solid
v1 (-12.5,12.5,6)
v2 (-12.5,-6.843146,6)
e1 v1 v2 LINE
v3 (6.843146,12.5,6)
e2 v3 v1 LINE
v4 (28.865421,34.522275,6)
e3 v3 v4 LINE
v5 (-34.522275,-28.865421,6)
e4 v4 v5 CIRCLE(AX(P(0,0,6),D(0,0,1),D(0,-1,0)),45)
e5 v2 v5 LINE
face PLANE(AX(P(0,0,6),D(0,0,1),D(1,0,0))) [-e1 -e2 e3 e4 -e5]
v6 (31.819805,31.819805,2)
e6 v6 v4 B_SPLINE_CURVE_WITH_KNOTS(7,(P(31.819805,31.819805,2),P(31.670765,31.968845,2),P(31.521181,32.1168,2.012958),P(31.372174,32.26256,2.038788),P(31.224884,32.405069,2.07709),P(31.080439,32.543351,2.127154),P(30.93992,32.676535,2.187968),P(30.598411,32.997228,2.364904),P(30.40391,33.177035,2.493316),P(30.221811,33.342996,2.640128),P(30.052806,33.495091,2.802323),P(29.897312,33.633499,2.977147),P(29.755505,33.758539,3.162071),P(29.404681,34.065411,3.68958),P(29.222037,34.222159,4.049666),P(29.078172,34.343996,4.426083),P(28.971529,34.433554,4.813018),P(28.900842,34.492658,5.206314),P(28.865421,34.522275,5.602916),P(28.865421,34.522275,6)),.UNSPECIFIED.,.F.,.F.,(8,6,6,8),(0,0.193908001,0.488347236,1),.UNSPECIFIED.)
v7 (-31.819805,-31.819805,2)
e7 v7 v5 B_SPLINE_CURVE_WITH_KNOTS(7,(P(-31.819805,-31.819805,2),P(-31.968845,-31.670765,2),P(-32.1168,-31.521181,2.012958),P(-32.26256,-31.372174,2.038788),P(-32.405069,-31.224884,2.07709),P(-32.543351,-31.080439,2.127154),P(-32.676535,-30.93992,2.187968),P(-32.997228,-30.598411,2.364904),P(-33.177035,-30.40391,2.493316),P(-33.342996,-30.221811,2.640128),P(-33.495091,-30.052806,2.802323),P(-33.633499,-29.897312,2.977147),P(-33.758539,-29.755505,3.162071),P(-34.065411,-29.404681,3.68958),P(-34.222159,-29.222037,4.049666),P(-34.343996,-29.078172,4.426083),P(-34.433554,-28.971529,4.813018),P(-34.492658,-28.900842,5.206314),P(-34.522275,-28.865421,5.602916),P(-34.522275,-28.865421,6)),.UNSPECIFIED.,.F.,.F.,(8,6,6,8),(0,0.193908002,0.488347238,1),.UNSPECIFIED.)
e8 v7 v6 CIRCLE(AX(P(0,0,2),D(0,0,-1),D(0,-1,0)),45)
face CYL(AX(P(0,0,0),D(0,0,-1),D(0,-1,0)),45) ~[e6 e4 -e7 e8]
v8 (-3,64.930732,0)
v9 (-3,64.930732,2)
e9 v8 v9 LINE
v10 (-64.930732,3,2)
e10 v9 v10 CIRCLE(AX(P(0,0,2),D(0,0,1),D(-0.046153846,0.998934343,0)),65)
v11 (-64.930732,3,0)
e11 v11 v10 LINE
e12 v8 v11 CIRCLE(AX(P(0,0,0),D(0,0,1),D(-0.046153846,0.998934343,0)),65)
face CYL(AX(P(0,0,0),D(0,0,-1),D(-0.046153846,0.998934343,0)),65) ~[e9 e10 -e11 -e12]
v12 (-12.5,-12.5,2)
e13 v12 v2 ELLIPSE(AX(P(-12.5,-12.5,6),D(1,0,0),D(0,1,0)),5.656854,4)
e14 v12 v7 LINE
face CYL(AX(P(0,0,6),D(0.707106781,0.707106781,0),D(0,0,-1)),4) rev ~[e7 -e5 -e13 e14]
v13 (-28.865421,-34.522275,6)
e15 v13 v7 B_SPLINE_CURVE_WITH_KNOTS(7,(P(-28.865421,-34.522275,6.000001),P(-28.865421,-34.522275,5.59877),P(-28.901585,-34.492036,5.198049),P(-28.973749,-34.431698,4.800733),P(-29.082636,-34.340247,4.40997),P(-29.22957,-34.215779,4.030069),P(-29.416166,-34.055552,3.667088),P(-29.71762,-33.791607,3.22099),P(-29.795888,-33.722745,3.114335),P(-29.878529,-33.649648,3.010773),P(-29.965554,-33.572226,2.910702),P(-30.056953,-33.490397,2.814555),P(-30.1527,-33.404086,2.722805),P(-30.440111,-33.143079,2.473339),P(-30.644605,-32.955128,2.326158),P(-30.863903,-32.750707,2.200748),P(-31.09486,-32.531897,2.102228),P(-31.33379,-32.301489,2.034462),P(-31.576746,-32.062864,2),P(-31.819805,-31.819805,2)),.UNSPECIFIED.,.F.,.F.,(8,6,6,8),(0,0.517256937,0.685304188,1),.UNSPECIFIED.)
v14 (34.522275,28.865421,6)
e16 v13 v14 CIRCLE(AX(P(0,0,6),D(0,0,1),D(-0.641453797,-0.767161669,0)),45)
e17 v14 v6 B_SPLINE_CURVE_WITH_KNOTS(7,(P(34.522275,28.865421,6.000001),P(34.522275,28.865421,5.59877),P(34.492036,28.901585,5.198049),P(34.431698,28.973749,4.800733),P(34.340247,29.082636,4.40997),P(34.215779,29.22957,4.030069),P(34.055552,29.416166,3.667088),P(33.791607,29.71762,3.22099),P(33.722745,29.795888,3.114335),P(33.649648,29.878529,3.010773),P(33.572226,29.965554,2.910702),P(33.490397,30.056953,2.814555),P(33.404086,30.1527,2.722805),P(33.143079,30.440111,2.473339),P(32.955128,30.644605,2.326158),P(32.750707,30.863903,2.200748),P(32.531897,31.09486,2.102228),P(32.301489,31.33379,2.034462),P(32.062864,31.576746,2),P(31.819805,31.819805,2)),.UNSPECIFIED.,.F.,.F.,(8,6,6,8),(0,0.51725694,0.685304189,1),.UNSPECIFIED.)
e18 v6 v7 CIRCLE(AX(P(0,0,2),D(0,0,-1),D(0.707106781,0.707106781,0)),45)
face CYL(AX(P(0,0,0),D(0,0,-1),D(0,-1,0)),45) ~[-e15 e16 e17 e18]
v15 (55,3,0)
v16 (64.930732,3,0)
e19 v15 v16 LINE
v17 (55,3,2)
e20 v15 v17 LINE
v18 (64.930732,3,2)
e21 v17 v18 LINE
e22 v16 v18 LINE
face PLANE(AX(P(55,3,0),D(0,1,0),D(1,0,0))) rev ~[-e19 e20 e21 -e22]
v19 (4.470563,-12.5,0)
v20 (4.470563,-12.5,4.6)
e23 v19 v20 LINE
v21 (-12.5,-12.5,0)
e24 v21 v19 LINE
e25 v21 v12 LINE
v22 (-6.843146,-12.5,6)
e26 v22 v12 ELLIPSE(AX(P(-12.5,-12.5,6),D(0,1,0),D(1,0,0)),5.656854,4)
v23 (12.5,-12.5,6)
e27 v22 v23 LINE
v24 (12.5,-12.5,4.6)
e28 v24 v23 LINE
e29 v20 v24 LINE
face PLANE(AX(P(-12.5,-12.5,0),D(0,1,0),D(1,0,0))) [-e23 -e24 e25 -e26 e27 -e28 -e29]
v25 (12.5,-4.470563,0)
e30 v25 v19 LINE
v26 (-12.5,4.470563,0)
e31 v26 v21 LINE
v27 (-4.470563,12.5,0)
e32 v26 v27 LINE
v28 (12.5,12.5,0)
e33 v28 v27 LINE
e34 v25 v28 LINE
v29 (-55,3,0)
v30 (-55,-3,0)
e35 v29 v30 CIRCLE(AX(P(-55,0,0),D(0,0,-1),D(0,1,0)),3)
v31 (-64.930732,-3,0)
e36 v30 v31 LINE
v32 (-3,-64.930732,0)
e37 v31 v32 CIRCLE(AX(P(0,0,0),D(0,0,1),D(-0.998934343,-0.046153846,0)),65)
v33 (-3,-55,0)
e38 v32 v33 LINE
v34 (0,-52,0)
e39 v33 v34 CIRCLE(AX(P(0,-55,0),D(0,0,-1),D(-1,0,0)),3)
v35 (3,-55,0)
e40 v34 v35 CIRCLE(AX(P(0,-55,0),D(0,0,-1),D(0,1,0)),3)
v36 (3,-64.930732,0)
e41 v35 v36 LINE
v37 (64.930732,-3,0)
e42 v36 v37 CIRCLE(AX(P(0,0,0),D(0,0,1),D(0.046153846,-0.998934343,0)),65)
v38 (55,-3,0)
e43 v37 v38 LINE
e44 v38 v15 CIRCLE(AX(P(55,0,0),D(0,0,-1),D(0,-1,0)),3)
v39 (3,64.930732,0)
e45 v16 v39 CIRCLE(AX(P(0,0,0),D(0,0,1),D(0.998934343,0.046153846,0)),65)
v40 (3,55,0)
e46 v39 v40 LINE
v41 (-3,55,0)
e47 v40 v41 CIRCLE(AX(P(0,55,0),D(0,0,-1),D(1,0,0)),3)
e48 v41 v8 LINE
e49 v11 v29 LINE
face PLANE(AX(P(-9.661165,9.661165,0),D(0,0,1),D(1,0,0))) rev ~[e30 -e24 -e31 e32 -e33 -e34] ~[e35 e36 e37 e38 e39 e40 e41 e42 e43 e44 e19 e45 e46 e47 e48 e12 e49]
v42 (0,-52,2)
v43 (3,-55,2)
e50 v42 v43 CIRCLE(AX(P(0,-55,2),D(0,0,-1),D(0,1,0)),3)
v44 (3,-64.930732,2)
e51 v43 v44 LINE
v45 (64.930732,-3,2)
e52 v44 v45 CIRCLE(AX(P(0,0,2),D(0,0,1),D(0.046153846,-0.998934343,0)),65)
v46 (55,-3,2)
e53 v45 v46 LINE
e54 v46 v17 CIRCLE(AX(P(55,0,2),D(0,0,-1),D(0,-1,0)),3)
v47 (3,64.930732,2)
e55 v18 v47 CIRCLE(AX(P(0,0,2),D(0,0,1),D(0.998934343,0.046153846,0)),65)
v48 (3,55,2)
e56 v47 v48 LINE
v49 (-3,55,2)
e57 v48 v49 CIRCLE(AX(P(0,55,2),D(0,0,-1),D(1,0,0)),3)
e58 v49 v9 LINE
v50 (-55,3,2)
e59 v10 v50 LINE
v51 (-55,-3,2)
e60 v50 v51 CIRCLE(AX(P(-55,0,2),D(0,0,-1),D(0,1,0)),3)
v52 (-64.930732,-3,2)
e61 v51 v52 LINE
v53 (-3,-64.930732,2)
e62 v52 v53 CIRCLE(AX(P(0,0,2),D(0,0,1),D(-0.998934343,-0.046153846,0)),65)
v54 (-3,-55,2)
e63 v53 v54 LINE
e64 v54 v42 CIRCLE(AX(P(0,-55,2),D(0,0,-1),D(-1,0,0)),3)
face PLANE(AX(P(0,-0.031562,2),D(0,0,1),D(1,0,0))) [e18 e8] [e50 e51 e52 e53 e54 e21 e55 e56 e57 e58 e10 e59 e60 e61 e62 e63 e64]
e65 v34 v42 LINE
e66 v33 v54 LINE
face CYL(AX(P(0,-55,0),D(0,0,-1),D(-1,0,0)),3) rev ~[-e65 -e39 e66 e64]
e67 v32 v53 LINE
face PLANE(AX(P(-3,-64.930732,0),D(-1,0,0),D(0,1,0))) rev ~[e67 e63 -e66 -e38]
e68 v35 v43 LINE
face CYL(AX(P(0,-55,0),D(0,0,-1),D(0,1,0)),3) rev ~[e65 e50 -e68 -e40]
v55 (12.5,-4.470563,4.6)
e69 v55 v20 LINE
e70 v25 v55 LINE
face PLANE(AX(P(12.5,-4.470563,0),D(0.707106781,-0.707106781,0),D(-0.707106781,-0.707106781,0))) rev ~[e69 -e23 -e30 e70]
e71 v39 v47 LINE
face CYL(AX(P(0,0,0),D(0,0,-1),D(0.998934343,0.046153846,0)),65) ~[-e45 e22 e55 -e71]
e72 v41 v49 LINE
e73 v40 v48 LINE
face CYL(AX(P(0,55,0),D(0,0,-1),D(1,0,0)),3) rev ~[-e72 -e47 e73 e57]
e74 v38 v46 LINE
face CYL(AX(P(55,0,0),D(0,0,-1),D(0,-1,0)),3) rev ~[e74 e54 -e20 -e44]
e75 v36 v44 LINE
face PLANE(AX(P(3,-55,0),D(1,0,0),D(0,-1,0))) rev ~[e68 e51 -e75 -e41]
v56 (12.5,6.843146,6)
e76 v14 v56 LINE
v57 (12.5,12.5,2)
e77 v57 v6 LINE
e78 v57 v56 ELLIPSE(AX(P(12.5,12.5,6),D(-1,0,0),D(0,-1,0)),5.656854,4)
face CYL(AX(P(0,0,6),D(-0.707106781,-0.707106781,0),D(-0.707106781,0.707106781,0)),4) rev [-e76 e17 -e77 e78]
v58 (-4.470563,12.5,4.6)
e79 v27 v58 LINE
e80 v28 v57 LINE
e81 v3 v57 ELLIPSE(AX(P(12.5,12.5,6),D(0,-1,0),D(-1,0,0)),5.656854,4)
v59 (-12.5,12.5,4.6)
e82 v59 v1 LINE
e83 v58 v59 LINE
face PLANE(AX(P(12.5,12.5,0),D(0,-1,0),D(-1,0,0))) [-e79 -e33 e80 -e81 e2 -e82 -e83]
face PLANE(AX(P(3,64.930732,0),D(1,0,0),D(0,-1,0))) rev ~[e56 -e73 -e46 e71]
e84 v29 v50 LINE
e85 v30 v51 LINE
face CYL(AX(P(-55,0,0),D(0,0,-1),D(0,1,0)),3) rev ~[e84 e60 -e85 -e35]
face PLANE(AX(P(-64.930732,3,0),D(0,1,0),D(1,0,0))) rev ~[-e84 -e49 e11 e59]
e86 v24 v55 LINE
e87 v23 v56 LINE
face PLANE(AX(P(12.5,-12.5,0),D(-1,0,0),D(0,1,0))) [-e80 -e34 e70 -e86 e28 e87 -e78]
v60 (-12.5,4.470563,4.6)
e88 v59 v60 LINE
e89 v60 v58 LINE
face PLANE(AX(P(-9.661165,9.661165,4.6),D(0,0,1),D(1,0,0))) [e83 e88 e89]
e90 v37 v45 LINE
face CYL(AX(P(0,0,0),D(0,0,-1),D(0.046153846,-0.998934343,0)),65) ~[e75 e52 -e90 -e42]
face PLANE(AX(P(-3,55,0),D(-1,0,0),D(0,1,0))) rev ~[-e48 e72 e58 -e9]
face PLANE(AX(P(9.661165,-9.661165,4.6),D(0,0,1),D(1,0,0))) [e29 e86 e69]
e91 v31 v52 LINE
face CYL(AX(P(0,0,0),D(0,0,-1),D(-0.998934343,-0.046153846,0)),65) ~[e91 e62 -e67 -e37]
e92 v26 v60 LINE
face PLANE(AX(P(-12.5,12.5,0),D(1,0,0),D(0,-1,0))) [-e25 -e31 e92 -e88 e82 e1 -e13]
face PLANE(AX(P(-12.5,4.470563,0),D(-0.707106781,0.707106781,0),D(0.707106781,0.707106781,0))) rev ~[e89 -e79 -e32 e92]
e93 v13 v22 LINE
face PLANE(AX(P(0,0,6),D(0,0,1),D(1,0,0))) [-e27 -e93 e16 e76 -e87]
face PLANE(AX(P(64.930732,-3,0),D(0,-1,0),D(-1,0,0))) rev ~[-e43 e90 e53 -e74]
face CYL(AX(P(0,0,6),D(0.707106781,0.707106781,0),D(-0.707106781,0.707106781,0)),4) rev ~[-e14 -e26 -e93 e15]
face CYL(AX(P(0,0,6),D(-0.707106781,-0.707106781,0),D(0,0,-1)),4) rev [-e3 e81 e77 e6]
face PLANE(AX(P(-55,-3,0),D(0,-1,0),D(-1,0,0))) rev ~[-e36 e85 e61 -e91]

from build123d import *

# Parameters (mm, degrees)
F2_DEPTH      = 2
F3_DEPTH      = 6
F4_DEPTH      = 6
F5_DEPTH      = 4.6
F9_DEPTH      = 45
F9_DEPTH_BACK = 45


with BuildPart() as f2:
    # F0 (on Top) → F2 (new body)
    with BuildSketch(Plane.XY):
        with BuildLine():
            Line((55, 3), (64.930732323, 3))
            ThreePointArc((64.930732323, 3), (45.9619407771, 45.9619407771), (3, 64.930732323))
            Line((3, 64.930732323), (3, 55))
            ThreePointArc((3, 55), (0, 52), (-3, 55))
            Line((-3, 55), (-3, 64.930732323))
            ThreePointArc((-3, 64.930732323), (-45.9619407771, 45.9619407771), (-64.930732323, 3))
            Line((-64.930732323, 3), (-55, 3))
            ThreePointArc((-55, 3), (-52, 0), (-55, -3))
            Line((-55, -3), (-64.930732323, -3))
            ThreePointArc((-64.930732323, -3), (-45.9619407771, -45.9619407771), (-3, -64.930732323))
            Line((-3, -64.930732323), (-3, -55))
            ThreePointArc((-3, -55), (-2.1213203436, -52.8786796564), (0, -52))
            ThreePointArc((0, -52), (2.1213203436, -52.8786796564), (3, -55))
            Line((3, -55), (3, -64.930732323))
            ThreePointArc((3, -64.930732323), (45.9619407771, -45.9619407771), (64.930732323, -3))
            Line((64.930732323, -3), (55, -3))
            ThreePointArc((55, -3), (52, 0), (55, 3))
        make_face()
        with BuildLine():
            ThreePointArc((45, 0), (31.8198051534, -31.8198051534), (0, -45))
            ThreePointArc((0, -45), (-31.8198051534, 31.8198051534), (45, 0))
        make_face(mode=Mode.SUBTRACT)
    extrude(amount=F2_DEPTH)

    # F0 (on Top) → F3 (join)
    with BuildSketch(Plane.XY):
        with BuildLine():
            ThreePointArc((45, 0), (-31.8198051534, 31.8198051534), (0, -45))
            ThreePointArc((0, -45), (31.8198051534, -31.8198051534), (45, 0))
        make_face()
    extrude(amount=F3_DEPTH)

    # F1 (on Top) → F4 (cut)
    with BuildSketch(Plane.XY):
        Polygon((4.4705627485, -12.5), (12.5, -12.5), (12.5, -4.4705627485), align=None)
        with BuildLine():
            Line((-12.5, -12.5), (4.4705627485, -12.5))
            Line((4.4705627485, -12.5), (12.5, -4.4705627485))
            Line((12.5, -4.4705627485), (12.5, 12.5))
            Line((12.5, 12.5), (7.4246212025, 7.4246212025))
            ThreePointArc((7.4246212025, 7.4246212025), (9.7007350914, 4.0181760398), (10.5, 0))
            ThreePointArc((10.5, 0), (4.0181760398, -9.7007350914), (-7.4246212025, -7.4246212025))
            Line((-7.4246212025, -7.4246212025), (-12.5, -12.5))
        make_face()
        with BuildLine():
            Line((-12.5, 4.4705627485), (-12.5, -12.5))
            Line((-12.5, -12.5), (-7.4246212025, -7.4246212025))
            ThreePointArc((-7.4246212025, -7.4246212025), (-7.4246212025, 7.4246212025), (7.4246212025, 7.4246212025))
            Line((7.4246212025, 7.4246212025), (12.5, 12.5))
            Line((12.5, 12.5), (-4.4705627485, 12.5))
            Line((-4.4705627485, 12.5), (-12.5, 4.4705627485))
        make_face()
        Polygon((-12.5, 12.5), (-12.5, 4.4705627485), (-4.4705627485, 12.5), align=None)
        with BuildLine():
            Line((7.4246212025, 7.4246212025), (-7.4246212025, -7.4246212025))
            ThreePointArc((-7.4246212025, -7.4246212025), (4.0181760398, -9.7007350914), (10.5, 0))
            ThreePointArc((10.5, 0), (9.7007350914, 4.0181760398), (7.4246212025, 7.4246212025))
        make_face()
        with BuildLine():
            ThreePointArc((7.4246212025, 7.4246212025), (-7.4246212025, 7.4246212025), (-7.4246212025, -7.4246212025))
            Line((-7.4246212025, -7.4246212025), (7.4246212025, 7.4246212025))
        make_face()
    extrude(amount=F4_DEPTH, mode=Mode.SUBTRACT)

    # F1 (on Top) → F5 (join)
    with BuildSketch(Plane.XY):
        Polygon((-12.5, 12.5), (-12.5, 4.4705627485), (-4.4705627485, 12.5), align=None)
        Polygon((4.4705627485, -12.5), (12.5, -12.5), (12.5, -4.4705627485), align=None)
    extrude(amount=F5_DEPTH)

    # F8 (on line) → F9 (cut, two sides)
    with BuildSketch(Plane(origin=(0, 0, 0), x_dir=(-0.7071067812, 0.7071067812, 0), z_dir=(0.7071067812, 0.7071067812, 0))) as f9_sk:
        with BuildLine():
            ThreePointArc((0, 2), (2.8284271247, 3.1715728753), (4, 6))
            ThreePointArc((4, 6), (-2.8284271247, 8.8284271247), (0, 2))
        make_face()
    extrude(amount=-F9_DEPTH, mode=Mode.SUBTRACT)
    extrude(f9_sk.sketch, amount=F9_DEPTH_BACK, mode=Mode.SUBTRACT)


solid = f2.part
